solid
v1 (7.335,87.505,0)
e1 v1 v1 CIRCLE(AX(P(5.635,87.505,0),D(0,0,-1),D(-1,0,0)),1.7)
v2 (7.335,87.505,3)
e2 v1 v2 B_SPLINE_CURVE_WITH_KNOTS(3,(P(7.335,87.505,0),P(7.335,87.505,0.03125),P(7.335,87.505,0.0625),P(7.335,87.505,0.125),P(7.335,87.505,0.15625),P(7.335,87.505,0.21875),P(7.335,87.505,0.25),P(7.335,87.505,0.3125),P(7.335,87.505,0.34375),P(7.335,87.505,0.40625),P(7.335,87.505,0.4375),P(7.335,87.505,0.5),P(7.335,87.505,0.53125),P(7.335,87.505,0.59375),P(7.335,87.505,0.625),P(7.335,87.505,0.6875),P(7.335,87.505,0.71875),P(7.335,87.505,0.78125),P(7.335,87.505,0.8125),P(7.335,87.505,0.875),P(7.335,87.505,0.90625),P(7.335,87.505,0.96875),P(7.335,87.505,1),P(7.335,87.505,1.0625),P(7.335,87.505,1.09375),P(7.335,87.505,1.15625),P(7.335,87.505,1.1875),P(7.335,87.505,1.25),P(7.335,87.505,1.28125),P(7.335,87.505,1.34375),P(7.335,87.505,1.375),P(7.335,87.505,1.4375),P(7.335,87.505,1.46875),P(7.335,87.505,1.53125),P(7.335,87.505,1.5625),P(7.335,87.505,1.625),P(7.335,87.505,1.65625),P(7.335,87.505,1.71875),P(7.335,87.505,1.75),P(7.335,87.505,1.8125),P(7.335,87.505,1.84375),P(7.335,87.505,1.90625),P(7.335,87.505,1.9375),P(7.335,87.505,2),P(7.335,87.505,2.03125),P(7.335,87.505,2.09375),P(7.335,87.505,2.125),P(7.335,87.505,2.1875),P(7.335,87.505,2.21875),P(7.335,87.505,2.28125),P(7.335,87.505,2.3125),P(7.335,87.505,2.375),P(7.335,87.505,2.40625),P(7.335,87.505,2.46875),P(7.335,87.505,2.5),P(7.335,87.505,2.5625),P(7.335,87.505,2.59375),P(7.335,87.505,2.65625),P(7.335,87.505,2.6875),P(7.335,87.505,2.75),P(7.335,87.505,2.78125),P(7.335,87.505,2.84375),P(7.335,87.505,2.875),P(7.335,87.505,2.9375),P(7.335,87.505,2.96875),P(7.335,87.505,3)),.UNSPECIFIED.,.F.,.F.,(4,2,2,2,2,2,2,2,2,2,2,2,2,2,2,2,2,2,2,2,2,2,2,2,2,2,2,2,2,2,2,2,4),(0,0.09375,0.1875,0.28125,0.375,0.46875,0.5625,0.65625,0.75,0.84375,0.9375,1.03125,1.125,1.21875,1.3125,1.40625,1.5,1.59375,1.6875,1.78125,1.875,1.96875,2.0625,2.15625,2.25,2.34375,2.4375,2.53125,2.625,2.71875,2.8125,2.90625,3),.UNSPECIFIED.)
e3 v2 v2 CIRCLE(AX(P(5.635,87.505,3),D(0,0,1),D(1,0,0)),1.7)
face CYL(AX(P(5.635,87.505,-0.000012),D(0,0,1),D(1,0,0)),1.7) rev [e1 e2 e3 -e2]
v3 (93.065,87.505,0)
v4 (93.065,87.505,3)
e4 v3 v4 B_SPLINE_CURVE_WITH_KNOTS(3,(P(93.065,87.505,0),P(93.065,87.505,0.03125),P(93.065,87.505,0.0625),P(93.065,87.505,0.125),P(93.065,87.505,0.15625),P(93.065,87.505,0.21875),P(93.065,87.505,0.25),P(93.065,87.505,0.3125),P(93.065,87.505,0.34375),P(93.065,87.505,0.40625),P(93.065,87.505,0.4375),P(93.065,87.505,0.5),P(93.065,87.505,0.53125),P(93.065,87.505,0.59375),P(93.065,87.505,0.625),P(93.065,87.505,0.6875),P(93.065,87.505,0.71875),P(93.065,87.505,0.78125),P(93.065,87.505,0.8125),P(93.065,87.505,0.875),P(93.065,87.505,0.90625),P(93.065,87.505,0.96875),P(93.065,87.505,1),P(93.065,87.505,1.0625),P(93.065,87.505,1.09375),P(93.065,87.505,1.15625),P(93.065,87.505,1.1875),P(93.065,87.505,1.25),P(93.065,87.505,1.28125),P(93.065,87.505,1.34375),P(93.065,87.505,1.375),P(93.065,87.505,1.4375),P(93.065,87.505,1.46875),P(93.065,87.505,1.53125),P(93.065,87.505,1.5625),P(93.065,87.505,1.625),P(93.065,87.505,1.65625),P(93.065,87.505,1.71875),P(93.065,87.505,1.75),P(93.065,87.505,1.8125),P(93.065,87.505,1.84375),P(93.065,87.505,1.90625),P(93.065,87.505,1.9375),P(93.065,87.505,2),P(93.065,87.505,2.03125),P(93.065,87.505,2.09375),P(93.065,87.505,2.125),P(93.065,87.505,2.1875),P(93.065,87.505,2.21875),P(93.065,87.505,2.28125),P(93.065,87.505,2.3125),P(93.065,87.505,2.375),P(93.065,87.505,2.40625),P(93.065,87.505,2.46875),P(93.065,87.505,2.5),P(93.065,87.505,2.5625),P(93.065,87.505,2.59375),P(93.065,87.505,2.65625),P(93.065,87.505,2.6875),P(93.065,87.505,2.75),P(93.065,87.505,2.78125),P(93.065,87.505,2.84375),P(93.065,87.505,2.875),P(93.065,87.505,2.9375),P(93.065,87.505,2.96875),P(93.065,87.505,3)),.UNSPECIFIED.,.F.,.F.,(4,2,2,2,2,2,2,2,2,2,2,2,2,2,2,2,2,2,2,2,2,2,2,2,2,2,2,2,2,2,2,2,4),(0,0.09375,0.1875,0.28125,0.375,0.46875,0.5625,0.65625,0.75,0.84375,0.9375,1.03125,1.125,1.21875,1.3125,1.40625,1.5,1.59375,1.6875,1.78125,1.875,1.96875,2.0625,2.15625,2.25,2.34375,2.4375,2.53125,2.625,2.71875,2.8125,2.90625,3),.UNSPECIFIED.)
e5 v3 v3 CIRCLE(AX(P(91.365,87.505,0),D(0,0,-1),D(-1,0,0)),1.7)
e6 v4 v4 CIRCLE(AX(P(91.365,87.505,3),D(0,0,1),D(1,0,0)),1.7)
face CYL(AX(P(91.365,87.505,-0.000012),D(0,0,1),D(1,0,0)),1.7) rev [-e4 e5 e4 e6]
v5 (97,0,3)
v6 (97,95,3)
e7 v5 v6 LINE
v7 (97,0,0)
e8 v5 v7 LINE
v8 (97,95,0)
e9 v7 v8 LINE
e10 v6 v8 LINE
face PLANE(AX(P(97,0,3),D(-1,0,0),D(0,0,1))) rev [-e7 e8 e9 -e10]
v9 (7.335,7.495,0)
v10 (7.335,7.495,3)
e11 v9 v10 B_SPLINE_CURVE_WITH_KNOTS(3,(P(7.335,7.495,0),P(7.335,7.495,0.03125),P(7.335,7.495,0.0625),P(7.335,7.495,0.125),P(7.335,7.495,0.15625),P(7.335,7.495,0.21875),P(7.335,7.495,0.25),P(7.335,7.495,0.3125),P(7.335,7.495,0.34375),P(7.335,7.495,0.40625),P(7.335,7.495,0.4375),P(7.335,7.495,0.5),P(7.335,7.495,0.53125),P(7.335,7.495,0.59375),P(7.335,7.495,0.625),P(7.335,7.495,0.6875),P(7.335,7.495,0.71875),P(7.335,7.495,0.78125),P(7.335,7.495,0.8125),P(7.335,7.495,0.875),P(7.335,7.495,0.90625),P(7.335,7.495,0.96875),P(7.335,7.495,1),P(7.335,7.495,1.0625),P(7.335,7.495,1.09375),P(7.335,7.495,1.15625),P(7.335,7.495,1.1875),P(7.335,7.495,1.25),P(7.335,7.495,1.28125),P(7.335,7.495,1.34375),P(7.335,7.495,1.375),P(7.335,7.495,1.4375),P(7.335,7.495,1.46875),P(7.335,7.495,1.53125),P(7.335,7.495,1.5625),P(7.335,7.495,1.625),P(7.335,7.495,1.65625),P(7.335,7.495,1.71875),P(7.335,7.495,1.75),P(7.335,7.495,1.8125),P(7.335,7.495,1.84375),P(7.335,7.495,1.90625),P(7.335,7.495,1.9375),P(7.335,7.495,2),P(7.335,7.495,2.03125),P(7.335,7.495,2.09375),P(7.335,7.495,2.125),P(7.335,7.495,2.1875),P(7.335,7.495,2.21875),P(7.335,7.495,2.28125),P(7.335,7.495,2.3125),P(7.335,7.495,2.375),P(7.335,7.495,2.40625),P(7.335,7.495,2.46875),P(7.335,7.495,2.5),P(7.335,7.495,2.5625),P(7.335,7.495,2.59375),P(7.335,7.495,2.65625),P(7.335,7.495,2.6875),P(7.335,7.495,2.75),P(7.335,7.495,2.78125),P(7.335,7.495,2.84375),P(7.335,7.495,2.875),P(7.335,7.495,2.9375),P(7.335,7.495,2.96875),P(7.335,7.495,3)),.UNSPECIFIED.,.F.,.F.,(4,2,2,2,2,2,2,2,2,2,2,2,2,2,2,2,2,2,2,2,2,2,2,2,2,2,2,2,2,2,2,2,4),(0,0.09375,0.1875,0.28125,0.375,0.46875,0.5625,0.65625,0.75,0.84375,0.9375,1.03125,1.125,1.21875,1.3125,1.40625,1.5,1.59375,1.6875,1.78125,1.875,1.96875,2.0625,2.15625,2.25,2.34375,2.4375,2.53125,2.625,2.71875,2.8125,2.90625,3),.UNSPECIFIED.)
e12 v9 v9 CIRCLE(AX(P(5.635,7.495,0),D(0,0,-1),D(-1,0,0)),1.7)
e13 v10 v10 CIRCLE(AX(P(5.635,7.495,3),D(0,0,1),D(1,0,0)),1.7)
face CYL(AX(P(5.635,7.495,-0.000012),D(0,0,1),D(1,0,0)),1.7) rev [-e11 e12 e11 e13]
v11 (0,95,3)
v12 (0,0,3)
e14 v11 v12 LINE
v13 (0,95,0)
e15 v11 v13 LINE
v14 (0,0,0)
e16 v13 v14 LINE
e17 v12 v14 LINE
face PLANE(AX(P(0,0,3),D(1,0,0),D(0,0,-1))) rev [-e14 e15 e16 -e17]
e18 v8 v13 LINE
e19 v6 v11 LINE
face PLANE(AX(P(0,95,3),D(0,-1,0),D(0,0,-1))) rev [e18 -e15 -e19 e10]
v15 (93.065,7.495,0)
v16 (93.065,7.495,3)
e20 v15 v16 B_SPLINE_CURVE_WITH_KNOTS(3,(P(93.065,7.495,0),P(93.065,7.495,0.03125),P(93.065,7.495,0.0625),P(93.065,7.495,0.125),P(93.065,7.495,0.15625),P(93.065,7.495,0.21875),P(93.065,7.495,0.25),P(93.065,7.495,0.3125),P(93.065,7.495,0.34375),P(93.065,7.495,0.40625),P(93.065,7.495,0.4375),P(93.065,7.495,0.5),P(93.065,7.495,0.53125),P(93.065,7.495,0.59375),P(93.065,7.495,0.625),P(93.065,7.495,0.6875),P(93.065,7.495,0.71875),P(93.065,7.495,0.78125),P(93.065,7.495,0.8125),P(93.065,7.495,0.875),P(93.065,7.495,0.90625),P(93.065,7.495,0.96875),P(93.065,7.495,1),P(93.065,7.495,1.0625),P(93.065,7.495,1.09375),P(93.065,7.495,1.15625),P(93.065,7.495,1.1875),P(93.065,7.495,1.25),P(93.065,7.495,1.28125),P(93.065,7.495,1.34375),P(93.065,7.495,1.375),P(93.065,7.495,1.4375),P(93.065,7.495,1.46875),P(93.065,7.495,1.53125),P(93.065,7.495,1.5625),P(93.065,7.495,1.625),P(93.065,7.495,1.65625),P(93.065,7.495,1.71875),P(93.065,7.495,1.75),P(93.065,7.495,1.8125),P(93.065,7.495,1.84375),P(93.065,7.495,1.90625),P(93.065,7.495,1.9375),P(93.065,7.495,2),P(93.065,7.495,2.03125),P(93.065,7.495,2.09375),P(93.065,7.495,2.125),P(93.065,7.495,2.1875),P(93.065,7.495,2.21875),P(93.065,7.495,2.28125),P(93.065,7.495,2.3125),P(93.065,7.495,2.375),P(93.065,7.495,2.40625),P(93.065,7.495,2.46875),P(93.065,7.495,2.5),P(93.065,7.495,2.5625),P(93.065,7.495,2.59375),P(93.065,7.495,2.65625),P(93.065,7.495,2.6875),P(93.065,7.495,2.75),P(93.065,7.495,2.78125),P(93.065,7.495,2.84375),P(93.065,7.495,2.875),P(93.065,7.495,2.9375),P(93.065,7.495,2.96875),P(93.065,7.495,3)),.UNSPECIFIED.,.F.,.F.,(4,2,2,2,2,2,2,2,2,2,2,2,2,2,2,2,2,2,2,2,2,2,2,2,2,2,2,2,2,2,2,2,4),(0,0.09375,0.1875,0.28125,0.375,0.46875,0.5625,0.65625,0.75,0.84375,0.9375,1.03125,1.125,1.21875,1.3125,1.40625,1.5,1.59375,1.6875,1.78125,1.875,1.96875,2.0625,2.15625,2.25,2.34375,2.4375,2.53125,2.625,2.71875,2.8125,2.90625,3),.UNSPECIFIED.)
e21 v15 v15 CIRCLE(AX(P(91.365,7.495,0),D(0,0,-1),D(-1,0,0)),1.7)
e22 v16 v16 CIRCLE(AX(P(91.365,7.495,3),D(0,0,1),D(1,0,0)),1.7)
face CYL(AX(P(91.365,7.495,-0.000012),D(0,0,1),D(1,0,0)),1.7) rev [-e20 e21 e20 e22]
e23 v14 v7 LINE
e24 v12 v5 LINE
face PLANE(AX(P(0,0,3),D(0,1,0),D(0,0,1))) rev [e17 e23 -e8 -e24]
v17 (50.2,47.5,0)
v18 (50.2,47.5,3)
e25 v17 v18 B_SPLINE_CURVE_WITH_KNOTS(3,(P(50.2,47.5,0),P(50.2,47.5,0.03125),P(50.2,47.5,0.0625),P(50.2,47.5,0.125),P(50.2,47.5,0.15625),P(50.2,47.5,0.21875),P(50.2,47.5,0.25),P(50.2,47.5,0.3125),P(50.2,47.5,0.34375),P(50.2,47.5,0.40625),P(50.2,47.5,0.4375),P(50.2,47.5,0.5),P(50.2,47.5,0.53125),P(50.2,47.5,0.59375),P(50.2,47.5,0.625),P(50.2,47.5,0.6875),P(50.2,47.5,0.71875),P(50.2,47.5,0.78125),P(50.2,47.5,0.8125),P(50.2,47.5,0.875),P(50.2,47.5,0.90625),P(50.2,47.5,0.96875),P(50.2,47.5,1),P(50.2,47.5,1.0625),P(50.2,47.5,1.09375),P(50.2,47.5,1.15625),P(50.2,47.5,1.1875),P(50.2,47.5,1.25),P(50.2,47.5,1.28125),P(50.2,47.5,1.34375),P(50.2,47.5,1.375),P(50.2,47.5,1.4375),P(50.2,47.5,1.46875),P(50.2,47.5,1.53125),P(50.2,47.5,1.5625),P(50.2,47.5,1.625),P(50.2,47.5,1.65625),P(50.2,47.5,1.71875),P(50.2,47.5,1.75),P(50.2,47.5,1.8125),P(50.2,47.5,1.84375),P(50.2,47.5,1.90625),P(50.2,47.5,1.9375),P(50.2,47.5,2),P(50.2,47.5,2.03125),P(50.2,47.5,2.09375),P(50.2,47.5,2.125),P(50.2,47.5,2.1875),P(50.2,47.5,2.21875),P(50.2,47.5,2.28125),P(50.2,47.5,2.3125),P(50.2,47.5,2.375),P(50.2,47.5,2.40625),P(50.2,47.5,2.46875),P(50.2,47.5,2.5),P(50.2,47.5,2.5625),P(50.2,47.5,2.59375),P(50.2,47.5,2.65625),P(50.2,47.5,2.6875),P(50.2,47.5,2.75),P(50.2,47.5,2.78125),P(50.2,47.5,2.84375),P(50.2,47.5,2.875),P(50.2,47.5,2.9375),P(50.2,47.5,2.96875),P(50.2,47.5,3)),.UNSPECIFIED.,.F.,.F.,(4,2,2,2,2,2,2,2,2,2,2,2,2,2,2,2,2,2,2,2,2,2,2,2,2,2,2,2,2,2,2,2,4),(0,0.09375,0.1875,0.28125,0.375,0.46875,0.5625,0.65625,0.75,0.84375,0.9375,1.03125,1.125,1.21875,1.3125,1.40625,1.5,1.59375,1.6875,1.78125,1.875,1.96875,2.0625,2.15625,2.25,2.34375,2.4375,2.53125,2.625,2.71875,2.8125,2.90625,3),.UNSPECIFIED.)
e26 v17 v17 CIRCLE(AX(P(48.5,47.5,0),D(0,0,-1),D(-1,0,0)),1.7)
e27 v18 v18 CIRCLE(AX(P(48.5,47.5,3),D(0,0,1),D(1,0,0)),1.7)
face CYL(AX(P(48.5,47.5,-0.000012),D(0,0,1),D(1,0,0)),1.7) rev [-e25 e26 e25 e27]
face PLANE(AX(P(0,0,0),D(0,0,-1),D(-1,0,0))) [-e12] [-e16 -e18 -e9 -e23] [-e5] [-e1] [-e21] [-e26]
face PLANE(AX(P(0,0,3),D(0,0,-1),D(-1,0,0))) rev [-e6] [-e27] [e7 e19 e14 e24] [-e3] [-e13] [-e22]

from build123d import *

# Parameters (mm, degrees)
BODY_SKETCH_W    = 97
BODY_SKETCH_H    = 95
BODY_DEPTH       = 3
HOLES_DEPTH      = 136.805007271
HOLES_DEPTH_BACK = 136.805007271
HOLES_SKETCH_R   = 1.7


with BuildPart() as part:
    # Body sketch → Body (new body)
    with BuildSketch(Plane.XY):
        with Locations((48.5, 47.5)):
            Rectangle(BODY_SKETCH_W, BODY_SKETCH_H)
    extrude(amount=BODY_DEPTH)

    # Holes sketch → Holes (cut, two sides: drawn at the far end of the back side and taken through both)
    with BuildSketch(Plane.XY.offset(-HOLES_DEPTH_BACK)):
        with Locations((5.635, 7.495)):
            Circle(HOLES_SKETCH_R)
        with Locations((91.365, 7.495)):
            Circle(HOLES_SKETCH_R)
        with Locations((5.635, 87.505)):
            Circle(HOLES_SKETCH_R)
        with Locations((91.365, 87.505)):
            Circle(HOLES_SKETCH_R)
        with Locations((48.5, 47.5)):
            Circle(HOLES_SKETCH_R)
    extrude(amount=HOLES_DEPTH + HOLES_DEPTH_BACK, mode=Mode.SUBTRACT)


solid = part.part
